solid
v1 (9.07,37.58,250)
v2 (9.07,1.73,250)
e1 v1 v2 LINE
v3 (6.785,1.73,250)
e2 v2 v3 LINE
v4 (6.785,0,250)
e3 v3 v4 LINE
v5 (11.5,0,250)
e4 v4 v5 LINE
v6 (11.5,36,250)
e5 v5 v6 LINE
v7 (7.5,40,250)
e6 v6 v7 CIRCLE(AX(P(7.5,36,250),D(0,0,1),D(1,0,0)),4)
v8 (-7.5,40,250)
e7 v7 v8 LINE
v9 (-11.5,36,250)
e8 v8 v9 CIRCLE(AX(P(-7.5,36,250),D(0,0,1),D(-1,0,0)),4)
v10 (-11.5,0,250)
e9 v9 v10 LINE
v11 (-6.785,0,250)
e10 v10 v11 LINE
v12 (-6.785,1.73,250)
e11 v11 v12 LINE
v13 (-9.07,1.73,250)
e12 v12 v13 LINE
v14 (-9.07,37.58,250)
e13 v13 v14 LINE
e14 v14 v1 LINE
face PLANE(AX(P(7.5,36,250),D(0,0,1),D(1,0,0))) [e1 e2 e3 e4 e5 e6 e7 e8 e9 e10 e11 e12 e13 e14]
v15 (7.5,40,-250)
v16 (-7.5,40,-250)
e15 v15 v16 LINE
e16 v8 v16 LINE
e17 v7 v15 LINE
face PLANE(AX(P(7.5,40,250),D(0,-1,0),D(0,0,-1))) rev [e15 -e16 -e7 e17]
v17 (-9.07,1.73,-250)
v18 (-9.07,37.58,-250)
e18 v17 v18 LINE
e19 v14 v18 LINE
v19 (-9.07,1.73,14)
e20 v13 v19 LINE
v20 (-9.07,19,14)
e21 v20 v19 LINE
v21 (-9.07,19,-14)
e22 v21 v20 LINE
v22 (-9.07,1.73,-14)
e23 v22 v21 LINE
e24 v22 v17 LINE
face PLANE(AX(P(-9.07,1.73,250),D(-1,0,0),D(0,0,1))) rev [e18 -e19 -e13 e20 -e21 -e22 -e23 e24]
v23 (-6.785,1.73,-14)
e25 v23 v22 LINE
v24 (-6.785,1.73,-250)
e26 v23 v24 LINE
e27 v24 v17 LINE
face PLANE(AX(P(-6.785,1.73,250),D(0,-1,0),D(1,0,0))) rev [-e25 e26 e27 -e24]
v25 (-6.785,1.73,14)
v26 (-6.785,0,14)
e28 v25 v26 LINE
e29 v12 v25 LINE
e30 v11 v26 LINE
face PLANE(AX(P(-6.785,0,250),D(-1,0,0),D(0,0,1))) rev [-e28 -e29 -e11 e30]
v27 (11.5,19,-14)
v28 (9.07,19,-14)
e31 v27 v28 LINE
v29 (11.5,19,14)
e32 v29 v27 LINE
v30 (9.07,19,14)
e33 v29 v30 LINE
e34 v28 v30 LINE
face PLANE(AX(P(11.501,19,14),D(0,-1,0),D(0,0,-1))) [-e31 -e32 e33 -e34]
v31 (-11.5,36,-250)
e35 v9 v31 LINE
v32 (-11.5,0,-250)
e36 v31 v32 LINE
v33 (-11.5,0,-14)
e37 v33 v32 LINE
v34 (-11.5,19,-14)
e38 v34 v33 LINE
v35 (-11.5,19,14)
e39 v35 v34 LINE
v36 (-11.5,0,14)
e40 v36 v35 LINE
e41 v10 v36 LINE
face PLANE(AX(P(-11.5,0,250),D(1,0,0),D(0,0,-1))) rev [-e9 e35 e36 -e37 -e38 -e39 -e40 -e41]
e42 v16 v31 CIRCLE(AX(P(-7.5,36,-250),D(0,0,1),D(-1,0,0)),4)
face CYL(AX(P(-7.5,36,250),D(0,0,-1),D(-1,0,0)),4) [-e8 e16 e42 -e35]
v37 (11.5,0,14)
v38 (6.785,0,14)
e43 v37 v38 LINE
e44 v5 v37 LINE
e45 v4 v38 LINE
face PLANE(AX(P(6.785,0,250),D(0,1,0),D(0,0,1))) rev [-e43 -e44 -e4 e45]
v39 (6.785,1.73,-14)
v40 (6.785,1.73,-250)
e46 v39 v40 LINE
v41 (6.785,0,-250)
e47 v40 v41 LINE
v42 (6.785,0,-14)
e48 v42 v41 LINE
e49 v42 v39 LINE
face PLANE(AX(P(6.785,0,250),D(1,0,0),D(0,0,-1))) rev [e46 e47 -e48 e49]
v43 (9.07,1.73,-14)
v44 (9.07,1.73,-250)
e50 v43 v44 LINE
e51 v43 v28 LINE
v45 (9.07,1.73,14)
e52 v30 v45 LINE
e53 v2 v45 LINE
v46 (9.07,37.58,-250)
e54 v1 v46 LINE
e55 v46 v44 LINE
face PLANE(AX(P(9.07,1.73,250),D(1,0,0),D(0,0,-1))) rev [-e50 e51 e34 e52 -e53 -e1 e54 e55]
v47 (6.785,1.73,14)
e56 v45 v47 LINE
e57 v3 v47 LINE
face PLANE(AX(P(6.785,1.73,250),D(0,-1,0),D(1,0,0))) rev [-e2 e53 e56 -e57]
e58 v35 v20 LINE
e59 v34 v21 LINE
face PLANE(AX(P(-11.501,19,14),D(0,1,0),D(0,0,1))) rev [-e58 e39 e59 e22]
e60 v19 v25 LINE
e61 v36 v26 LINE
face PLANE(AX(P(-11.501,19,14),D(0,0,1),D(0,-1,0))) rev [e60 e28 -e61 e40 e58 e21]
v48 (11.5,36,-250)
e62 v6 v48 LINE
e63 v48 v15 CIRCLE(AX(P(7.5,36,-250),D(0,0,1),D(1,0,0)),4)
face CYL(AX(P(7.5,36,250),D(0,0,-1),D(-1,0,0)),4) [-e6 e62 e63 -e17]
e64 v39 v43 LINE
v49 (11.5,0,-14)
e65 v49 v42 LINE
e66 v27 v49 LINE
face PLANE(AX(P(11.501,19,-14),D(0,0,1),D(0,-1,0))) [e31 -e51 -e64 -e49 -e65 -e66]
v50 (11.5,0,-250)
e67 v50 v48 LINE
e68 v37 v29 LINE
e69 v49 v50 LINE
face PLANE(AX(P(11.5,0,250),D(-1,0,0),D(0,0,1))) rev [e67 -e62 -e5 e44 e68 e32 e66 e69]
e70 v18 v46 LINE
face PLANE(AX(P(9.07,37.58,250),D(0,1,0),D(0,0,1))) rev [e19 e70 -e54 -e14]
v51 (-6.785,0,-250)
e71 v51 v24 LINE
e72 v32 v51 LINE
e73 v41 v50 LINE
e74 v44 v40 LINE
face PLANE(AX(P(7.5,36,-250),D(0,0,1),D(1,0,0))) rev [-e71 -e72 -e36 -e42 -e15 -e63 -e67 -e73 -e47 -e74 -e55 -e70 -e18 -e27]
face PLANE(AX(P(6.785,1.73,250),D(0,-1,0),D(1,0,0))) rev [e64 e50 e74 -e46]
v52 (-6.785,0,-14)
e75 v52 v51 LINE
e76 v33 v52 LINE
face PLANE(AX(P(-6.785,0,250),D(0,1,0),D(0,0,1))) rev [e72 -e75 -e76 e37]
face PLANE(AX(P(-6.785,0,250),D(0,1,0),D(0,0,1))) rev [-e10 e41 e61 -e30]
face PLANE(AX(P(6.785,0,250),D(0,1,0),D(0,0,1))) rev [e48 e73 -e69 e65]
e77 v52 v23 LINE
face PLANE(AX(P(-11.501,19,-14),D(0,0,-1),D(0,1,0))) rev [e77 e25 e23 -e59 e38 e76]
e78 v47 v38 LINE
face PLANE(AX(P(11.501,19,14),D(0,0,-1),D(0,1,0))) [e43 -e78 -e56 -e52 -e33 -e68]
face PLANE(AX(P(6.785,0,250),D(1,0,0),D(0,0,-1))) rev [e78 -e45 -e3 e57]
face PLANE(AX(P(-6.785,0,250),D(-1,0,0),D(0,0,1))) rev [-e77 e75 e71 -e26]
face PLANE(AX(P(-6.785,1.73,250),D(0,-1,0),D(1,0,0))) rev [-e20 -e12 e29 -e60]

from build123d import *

# Parameters (mm, degrees)
BOSS_EXTRUDE1_DEPTH            = 250
CUT_EXTRUDE1_REACH             = 255.441
SKETCH2_W                      = 28
SKETCH2_H                      = 19
CUT_EXTRUDE1_DIRECTION_2_REACH = 255.441


with BuildPart() as part:
    # Sketch1 → Boss-Extrude1 (new, symmetric)
    with BuildSketch(Plane.XY):
        with BuildLine():
            Line((6.785, 0), (6.785, 1.73))
            Line((6.785, 1.73), (9.07, 1.73))
            Line((9.07, 1.73), (9.07, 37.58))
            Line((9.07, 37.58), (-9.07, 37.58))
            Line((-9.07, 37.58), (-9.07, 1.73))
            Line((-9.07, 1.73), (-6.785, 1.73))
            Line((-6.785, 1.73), (-6.785, 0))
            Line((-6.785, 0), (-11.5, 0))
            Line((-11.5, 0), (-11.5, 36))
            ThreePointArc((-11.5, 36), (-10.328427125, 38.828427125), (-7.5, 40))
            Line((-7.5, 40), (7.5, 40))
            ThreePointArc((7.5, 40), (10.328427125, 38.828427125), (11.5, 36))
            Line((11.5, 36), (11.5, 0))
            Line((11.5, 0), (6.785, 0))
        make_face()
    extrude(amount=BOSS_EXTRUDE1_DEPTH, both=True)

    # Sketch2 → Cut-Extrude1 (cut, up to next)
    with BuildSketch(Plane(origin=(0, 0, 0), x_dir=(0, 0, -1), z_dir=(1, 0, 0)), mode=Mode.PRIVATE) as cut_extrude1_sk1:
        with Locations((0, 9.5)):
            Rectangle(SKETCH2_W, SKETCH2_H)
    cut_extrude1_tool1 = extrude(cut_extrude1_sk1.sketch, amount=-CUT_EXTRUDE1_REACH, mode=Mode.PRIVATE) & part.part
    add(cut_extrude1_tool1.solids().sort_by_distance((0, 9.5, 0))[0], mode=Mode.SUBTRACT)

    # Sketch2 → Cut-Extrude1 direction 2 (cut, up to next)
    with BuildSketch(Plane(origin=(0, 0, 0), x_dir=(0, 0, -1), z_dir=(1, 0, 0)), mode=Mode.PRIVATE) as cut_extrude1_direction_2_sk1:
        with Locations((0, 9.5)):
            Rectangle(SKETCH2_W, SKETCH2_H)
    cut_extrude1_direction_2_tool1 = extrude(cut_extrude1_direction_2_sk1.sketch, amount=CUT_EXTRUDE1_DIRECTION_2_REACH, mode=Mode.PRIVATE) & part.part
    add(cut_extrude1_direction_2_tool1.solids().sort_by_distance((0, 9.5, 0))[0], mode=Mode.SUBTRACT)


solid = part.part
